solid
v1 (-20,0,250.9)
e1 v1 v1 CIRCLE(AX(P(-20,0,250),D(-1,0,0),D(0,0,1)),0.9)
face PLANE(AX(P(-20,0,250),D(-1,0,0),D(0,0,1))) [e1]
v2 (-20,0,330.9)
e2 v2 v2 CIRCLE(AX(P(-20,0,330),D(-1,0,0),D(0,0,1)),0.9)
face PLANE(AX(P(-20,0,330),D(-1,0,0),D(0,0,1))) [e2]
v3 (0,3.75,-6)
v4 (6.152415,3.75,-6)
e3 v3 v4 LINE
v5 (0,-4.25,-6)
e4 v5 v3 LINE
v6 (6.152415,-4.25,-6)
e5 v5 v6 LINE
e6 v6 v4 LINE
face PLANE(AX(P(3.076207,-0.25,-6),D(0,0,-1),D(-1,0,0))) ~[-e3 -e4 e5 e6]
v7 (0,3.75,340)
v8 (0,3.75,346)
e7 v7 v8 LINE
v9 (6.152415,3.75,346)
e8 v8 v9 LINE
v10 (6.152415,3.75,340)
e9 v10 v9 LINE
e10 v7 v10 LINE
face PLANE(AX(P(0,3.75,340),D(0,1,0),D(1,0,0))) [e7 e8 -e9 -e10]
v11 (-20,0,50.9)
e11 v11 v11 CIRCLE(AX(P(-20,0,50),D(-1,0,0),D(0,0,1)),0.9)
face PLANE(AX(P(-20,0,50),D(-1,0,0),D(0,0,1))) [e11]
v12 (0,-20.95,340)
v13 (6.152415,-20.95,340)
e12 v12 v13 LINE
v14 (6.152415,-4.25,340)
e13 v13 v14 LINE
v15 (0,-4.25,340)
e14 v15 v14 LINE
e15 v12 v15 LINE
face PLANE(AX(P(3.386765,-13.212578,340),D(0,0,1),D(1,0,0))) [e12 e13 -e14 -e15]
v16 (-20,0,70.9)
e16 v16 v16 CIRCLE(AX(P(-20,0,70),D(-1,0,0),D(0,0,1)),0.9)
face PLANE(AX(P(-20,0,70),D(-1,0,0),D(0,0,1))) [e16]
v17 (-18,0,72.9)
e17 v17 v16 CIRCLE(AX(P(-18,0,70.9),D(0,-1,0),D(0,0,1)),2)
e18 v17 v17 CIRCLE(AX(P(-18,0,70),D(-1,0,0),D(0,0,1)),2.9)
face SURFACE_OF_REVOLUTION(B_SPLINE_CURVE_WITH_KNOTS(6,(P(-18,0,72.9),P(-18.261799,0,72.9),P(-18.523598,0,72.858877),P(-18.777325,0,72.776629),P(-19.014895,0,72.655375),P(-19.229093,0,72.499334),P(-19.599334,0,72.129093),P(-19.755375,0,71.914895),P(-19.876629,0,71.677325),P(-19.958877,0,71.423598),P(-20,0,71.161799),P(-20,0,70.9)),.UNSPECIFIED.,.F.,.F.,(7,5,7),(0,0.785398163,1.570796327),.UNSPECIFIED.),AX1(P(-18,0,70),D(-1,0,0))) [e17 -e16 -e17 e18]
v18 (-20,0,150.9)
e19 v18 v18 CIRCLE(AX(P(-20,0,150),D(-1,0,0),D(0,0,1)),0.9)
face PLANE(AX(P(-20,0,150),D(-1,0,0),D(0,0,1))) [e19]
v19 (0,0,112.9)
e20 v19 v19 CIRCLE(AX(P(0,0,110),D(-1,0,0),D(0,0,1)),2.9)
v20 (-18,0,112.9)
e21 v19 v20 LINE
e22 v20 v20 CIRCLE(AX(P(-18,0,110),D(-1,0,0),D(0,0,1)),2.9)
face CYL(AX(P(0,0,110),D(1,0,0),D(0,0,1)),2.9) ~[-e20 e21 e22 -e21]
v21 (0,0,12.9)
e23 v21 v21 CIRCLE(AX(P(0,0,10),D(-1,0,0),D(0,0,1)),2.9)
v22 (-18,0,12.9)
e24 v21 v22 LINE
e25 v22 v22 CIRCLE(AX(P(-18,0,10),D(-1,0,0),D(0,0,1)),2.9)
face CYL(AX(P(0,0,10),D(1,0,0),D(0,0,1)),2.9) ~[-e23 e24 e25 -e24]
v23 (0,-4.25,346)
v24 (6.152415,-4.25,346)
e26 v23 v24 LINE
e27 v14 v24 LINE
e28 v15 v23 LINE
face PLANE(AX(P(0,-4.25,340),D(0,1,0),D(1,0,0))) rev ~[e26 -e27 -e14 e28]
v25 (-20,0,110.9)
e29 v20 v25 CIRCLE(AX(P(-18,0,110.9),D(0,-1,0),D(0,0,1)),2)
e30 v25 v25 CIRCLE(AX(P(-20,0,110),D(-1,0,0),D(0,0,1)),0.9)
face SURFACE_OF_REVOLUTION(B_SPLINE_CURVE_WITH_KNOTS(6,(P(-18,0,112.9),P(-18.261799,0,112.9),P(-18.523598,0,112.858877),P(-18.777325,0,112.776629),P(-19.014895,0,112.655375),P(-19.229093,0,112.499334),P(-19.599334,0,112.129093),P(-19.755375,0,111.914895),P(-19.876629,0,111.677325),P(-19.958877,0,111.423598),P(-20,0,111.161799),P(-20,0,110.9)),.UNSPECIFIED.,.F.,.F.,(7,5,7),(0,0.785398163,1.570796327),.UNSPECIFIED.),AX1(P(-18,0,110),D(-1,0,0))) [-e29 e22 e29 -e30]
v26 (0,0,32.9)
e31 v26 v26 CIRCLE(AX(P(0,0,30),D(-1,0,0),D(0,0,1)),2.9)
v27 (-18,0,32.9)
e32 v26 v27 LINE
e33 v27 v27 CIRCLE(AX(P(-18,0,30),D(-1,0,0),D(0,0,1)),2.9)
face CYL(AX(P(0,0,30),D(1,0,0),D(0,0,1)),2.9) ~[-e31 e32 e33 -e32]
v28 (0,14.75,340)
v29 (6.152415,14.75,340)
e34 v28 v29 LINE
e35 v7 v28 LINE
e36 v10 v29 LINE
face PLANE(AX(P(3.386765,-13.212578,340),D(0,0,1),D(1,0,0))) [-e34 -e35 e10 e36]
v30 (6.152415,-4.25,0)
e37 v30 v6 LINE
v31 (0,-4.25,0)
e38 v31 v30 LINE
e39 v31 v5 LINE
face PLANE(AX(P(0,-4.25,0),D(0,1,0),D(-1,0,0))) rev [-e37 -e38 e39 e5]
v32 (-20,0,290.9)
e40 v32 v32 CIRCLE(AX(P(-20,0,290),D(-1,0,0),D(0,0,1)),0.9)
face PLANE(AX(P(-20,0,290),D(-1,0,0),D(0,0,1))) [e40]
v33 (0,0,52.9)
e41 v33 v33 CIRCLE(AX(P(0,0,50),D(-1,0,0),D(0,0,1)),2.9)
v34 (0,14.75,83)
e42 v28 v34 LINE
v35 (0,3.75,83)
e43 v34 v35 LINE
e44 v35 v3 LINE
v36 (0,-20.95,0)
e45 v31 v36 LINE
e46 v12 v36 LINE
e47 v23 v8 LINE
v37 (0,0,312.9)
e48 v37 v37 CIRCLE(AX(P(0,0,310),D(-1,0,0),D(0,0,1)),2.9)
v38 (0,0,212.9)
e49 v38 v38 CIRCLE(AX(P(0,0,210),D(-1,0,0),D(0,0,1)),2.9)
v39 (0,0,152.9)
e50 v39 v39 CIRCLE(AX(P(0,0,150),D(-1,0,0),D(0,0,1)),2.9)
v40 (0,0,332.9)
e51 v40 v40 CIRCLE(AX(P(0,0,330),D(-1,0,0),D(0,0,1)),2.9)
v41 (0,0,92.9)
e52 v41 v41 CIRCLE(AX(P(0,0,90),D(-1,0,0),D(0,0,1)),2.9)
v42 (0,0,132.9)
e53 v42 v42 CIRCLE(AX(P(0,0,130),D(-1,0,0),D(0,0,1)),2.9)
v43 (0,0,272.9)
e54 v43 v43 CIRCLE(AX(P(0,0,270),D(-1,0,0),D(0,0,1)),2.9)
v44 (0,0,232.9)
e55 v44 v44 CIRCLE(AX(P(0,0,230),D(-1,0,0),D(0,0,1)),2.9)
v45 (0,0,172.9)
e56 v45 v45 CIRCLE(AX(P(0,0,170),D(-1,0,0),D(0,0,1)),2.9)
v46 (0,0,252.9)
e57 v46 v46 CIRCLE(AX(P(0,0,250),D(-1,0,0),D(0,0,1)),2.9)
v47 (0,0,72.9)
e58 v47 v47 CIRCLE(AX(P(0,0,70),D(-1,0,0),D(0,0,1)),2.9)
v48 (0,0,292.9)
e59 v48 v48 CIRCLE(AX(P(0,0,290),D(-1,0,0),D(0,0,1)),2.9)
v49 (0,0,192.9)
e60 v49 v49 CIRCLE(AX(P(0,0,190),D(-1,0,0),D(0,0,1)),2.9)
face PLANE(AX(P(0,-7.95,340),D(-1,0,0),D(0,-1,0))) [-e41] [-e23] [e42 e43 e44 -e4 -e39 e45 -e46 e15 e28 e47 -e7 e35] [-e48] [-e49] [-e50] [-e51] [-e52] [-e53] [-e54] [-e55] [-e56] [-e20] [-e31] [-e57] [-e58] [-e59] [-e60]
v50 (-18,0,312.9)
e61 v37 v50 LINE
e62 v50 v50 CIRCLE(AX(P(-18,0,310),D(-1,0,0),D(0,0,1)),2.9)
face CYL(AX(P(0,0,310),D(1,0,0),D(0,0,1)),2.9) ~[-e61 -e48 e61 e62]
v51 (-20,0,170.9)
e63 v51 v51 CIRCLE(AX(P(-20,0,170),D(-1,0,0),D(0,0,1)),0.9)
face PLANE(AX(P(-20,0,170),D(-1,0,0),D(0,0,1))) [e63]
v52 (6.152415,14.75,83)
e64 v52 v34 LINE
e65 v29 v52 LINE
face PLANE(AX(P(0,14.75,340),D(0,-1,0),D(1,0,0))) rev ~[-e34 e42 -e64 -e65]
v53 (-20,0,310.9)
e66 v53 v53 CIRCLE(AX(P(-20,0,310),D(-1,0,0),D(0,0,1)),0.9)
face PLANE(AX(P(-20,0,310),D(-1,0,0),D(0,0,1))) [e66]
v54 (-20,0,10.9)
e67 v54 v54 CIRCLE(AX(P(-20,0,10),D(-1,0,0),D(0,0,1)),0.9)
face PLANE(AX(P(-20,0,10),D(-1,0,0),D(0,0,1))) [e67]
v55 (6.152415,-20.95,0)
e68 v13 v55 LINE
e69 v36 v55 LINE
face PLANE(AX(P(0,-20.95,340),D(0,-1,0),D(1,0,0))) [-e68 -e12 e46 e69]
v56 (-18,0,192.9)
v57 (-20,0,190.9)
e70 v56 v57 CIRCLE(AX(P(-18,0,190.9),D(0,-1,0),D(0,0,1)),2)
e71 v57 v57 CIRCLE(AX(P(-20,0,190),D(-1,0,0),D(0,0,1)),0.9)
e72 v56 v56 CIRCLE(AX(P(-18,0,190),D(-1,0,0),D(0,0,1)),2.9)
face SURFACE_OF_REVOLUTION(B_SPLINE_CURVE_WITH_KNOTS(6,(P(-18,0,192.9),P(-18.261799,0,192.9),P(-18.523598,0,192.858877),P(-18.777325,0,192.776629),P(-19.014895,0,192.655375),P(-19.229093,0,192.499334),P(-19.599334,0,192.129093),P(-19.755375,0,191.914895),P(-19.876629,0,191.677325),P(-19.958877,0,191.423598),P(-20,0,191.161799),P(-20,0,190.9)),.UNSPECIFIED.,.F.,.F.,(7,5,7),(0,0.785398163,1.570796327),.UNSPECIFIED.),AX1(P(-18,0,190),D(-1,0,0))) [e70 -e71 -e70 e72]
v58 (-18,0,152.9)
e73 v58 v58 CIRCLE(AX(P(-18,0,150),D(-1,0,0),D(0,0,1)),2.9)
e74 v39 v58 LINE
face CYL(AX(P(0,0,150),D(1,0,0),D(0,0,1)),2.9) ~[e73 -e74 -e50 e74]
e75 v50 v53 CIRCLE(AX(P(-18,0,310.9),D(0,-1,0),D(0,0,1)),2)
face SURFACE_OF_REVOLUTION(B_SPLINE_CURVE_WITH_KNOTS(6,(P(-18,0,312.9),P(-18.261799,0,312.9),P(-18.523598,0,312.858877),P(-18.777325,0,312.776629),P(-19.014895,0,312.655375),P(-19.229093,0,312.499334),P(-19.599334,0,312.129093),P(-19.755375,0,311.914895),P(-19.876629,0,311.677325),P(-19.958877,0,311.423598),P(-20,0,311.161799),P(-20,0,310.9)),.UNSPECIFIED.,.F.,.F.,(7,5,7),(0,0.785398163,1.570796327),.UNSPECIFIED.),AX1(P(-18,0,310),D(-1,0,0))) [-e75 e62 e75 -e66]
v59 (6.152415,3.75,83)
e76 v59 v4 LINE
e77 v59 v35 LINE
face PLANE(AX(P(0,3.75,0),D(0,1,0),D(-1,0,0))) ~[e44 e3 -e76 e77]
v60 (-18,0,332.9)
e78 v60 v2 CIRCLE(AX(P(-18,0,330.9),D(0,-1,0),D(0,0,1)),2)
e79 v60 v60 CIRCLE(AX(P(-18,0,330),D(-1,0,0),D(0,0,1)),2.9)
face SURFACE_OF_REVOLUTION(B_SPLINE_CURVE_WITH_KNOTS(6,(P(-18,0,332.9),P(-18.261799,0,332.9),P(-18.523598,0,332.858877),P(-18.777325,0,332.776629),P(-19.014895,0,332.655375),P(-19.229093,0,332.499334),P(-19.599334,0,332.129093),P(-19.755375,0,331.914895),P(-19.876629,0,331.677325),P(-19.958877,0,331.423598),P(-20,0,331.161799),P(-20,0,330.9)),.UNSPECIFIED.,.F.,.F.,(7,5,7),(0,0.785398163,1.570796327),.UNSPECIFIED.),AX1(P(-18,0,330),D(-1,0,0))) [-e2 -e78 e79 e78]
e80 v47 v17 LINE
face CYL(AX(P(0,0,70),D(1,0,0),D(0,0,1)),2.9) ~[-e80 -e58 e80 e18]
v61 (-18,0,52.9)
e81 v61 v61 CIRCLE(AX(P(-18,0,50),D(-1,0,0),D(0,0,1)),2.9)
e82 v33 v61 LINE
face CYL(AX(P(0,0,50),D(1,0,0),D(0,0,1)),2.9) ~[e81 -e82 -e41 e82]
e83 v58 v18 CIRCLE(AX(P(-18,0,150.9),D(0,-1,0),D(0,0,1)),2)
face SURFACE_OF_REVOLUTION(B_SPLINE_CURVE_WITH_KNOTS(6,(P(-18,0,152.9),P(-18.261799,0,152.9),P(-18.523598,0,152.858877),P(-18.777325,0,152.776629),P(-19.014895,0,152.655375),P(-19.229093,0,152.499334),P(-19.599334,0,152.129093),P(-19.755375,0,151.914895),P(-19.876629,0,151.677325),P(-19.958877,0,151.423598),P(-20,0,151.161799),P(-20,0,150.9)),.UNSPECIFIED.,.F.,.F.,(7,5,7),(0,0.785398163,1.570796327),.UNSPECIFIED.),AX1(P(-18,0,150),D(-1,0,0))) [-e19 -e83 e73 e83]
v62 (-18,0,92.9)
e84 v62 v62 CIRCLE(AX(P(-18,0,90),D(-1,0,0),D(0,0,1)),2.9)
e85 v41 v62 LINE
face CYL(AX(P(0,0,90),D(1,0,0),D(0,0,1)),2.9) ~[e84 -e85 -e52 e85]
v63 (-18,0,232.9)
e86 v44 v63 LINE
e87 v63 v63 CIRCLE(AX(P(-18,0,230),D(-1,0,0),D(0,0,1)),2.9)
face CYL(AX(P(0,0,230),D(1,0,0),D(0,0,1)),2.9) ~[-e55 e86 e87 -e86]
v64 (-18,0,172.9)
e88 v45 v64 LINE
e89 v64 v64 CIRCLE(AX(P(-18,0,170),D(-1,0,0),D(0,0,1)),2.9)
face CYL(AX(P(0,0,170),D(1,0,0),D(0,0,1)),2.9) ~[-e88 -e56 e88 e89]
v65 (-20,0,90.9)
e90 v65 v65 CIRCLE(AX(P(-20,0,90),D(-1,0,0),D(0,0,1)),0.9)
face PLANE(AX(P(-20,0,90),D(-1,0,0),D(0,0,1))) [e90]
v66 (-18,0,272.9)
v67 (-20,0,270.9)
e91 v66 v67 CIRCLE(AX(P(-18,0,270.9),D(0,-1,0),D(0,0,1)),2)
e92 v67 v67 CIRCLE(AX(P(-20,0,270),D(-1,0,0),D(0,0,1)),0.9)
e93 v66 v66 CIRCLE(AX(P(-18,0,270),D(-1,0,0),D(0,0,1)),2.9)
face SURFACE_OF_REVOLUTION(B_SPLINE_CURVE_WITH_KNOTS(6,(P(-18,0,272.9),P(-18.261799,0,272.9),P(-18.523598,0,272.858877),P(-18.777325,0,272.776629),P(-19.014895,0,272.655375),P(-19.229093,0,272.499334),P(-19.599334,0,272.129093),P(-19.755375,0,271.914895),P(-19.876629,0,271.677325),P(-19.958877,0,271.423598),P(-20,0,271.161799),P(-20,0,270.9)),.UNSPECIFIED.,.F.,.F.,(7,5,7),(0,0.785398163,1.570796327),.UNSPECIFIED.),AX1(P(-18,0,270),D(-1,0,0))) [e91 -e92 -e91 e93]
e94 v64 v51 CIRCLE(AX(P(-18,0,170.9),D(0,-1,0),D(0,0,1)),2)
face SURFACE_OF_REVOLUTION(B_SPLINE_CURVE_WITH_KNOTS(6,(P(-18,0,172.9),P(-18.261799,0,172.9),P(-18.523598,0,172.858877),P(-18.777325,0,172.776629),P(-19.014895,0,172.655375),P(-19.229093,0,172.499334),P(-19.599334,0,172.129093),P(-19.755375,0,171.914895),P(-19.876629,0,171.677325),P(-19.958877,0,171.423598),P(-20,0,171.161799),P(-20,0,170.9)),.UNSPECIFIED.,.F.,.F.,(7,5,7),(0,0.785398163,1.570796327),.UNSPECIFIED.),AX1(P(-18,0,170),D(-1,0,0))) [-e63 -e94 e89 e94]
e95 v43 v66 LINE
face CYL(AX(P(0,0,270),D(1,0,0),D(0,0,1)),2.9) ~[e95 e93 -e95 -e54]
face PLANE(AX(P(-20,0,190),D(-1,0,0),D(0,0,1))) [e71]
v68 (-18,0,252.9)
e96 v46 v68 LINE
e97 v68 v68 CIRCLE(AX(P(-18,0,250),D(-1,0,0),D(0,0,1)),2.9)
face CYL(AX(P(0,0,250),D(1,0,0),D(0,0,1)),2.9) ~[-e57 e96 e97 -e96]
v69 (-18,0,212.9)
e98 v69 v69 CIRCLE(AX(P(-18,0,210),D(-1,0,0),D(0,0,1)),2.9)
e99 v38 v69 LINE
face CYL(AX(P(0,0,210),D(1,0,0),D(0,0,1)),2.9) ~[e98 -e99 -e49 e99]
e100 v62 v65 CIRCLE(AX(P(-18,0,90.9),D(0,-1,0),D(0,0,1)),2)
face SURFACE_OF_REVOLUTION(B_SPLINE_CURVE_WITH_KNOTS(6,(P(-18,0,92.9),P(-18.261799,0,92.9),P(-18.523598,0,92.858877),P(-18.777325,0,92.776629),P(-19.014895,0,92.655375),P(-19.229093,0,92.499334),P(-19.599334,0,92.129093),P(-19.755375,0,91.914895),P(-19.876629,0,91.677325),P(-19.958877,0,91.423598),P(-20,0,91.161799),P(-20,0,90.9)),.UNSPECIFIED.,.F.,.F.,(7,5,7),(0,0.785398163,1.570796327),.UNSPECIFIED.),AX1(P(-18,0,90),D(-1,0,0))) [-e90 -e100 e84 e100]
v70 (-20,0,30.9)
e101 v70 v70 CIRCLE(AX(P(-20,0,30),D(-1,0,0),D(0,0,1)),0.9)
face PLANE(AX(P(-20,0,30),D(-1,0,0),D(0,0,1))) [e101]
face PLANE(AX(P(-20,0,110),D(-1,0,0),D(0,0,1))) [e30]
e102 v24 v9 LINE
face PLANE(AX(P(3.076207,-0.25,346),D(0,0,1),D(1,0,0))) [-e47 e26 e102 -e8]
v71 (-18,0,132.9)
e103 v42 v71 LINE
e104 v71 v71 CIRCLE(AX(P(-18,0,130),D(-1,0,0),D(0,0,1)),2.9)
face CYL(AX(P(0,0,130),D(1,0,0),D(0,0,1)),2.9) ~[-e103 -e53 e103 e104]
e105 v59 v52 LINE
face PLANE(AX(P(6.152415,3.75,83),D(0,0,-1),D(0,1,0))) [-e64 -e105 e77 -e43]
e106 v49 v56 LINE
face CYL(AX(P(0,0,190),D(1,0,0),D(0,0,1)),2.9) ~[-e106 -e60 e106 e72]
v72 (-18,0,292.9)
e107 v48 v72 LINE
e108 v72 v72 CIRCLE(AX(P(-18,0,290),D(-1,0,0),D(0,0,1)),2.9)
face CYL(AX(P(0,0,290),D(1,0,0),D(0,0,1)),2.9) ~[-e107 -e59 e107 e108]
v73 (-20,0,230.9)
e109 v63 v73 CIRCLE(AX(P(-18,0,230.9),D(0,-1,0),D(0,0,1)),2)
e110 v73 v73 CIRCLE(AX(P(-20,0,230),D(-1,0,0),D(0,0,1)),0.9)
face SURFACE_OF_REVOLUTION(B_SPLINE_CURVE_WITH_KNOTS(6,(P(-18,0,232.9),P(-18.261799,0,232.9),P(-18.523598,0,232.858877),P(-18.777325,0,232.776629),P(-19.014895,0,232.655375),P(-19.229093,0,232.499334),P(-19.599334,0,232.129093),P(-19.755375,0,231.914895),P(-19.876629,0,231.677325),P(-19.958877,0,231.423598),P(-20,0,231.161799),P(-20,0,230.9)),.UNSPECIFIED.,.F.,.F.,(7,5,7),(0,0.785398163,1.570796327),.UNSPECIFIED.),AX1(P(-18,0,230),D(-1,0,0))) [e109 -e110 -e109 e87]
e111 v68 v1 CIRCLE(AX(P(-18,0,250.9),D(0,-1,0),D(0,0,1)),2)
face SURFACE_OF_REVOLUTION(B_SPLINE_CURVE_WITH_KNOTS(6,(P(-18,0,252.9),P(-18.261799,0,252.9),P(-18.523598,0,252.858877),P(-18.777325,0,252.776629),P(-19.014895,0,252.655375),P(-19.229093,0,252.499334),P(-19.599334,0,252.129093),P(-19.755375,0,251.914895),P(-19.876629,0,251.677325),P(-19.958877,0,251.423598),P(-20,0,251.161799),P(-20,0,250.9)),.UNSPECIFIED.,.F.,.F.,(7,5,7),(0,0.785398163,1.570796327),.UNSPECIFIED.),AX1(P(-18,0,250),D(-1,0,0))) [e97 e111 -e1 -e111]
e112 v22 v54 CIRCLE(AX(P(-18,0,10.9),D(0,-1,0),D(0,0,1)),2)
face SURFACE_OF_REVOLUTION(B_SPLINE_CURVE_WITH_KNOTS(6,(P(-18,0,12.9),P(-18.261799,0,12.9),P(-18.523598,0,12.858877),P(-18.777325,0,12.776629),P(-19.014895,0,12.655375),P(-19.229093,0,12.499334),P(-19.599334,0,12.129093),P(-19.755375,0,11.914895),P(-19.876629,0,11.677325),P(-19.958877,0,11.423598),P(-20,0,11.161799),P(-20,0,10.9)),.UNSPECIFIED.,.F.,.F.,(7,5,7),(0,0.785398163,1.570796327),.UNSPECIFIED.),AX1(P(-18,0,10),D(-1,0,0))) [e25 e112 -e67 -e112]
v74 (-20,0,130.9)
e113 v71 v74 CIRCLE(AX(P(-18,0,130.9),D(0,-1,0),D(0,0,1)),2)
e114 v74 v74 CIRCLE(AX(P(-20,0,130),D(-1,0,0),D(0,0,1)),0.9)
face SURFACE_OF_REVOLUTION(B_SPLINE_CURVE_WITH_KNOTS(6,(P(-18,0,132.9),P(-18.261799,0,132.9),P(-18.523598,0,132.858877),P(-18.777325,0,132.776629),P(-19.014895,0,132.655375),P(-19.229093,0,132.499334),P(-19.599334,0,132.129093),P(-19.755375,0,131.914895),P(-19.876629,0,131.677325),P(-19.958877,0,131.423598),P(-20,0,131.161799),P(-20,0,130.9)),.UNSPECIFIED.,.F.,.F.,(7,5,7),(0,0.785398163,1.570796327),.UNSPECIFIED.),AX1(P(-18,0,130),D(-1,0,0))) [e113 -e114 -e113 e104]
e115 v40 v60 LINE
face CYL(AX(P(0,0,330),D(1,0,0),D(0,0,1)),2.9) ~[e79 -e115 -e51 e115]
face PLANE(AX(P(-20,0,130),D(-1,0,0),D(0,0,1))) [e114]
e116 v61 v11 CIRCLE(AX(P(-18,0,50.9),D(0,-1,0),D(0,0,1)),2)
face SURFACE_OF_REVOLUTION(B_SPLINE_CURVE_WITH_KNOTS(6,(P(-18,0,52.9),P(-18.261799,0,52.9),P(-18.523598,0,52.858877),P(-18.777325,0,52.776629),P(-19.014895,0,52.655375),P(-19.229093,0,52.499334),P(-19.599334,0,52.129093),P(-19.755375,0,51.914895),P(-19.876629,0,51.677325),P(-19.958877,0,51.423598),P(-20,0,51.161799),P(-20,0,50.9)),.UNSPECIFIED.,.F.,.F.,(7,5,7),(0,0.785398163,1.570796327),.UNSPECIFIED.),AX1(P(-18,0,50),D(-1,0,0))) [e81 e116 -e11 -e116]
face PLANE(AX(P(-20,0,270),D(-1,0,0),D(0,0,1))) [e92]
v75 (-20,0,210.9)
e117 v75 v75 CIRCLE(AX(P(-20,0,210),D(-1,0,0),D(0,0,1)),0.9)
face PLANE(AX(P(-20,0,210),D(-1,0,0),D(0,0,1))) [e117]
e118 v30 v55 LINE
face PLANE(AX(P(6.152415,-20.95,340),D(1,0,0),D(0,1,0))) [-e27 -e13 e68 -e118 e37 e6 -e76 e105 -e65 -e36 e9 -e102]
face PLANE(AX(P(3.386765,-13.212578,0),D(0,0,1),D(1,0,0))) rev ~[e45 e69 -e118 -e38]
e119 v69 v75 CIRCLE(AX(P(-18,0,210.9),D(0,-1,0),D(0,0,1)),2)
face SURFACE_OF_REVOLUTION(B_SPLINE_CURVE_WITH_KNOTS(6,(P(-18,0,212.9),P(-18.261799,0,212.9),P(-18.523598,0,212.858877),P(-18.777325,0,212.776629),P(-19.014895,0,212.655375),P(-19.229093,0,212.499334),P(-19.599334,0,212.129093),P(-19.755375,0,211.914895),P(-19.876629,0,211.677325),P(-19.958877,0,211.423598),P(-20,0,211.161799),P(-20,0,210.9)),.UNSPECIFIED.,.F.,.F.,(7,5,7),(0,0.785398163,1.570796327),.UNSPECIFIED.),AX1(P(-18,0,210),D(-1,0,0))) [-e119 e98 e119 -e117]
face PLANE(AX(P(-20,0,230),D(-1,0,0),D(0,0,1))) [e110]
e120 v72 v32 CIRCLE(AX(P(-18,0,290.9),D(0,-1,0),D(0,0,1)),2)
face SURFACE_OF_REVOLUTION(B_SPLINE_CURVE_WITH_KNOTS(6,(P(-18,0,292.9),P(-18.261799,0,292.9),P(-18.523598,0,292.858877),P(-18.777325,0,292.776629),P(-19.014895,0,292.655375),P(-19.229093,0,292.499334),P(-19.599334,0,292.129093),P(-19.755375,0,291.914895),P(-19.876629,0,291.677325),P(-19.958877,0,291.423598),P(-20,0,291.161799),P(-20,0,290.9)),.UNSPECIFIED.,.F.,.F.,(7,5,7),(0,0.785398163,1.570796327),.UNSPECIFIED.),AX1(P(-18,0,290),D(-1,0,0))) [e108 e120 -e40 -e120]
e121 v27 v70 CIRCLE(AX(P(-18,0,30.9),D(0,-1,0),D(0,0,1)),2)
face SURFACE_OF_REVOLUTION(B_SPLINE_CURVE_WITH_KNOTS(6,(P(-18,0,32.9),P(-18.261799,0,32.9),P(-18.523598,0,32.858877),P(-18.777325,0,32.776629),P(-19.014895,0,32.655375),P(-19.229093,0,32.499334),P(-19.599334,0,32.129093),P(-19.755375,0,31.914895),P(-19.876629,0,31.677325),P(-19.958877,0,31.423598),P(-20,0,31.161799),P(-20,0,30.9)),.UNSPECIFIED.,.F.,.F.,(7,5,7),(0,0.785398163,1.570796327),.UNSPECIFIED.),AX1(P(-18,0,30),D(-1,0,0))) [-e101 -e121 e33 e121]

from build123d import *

# Parameters (mm, degrees)
BOSS_EXTRUDE1_DEPTH = 340
SKETCH2_R           = 2.9
BOSS_EXTRUDE2_DEPTH = 20
SKETCH4_R           = 2.9
BOSS_EXTRUDE3_DEPTH = 20
BOSS_EXTRUDE4_DEPTH = 340
SKETCH7_W           = 6.152414984
SKETCH7_H           = 8
BOSS_EXTRUDE5_DEPTH = 6
FILLET2_R           = 2
FILLET3_R           = 2
SKETCH9_W           = 83
SKETCH9_H           = 11
CUT_EXTRUDE3_DEPTH  = 27.152414984


with BuildPart() as part:
    # Sketch1 → Boss-Extrude1 (new body)
    with BuildSketch(Plane.XY):
        Polygon((0, 7.95), (2.04, 7.95), (6.152414984, 4.048), (6.152414984, -4.048), (2.04, -7.95), (0, -7.95), align=None)
    extrude(amount=BOSS_EXTRUDE1_DEPTH)

    # Sketch2 → Boss-Extrude2 (add)
    with BuildSketch(Plane.ZY):
        with Locations((10, 0)):
            Circle(SKETCH2_R)
        with Locations((30, 0)):
            Circle(SKETCH2_R)
        with Locations((50, 0)):
            Circle(SKETCH2_R)
        with Locations((70, 0)):
            Circle(SKETCH2_R)
        with Locations((90, 0)):
            Circle(SKETCH2_R)
        with Locations((110, 0)):
            Circle(SKETCH2_R)
        with Locations((130, 0)):
            Circle(SKETCH2_R)
        with Locations((150, 0)):
            Circle(SKETCH2_R)
        with Locations((170, 0)):
            Circle(SKETCH2_R)
        with Locations((190, 0)):
            Circle(SKETCH2_R)
        with Locations((210, 0)):
            Circle(SKETCH2_R)
        with Locations((230, 0)):
            Circle(SKETCH2_R)
        with Locations((250, 0)):
            Circle(SKETCH2_R)
    extrude(amount=BOSS_EXTRUDE2_DEPTH)

    # Sketch4 → Boss-Extrude3 (add)
    with BuildSketch(Plane.ZY):
        with Locations((270, 0)):
            Circle(SKETCH4_R)
        with Locations((290, 0)):
            Circle(SKETCH4_R)
        with Locations((310, 0)):
            Circle(SKETCH4_R)
        with Locations((330, 0)):
            Circle(SKETCH4_R)
    extrude(amount=BOSS_EXTRUDE3_DEPTH)

    # Sketch5 → Boss-Extrude4 (add)
    with BuildSketch(Plane.XY.offset(340)):
        Polygon((0, -7.95), (0, -20.95), (6.152414984, -20.95), (6.152414984, -4.048), (2.04, -7.95), align=None)
        Polygon((0, 7.95), (0, 14.75), (6.152414984, 14.75), (6.152414984, 4.048), (2.04, 7.95), align=None)
    extrude(amount=-BOSS_EXTRUDE4_DEPTH)

    # Sketch7 → Boss-Extrude5 (add)
    with BuildSketch(Plane.XY.offset(340)):
        with Locations((3.076207492, -0.25)):
            Rectangle(SKETCH7_W, SKETCH7_H)
    boss_extrude5 = extrude(amount=BOSS_EXTRUDE5_DEPTH)

    # Mirror1: Boss-Extrude5 across plane
    add(boss_extrude5.mirror(Plane.XY.offset(170)))

    # Fillet2
    fillet2_edges = [part.edges().sort_by_distance(p)[0] for p in [
        (-20, 0, 27.1),
        (-20, 0, 7.1),
        (-20, 0, 47.1),
        (-20, 0, 67.1),
        (-20, 0, 87.1),
        (-20, 0, 107.1),
        (-20, 0, 127.1),
        (-20, 0, 147.1),
        (-20, 0, 167.1),
        (-20, 0, 187.1),
        (-20, 0, 207.1),
        (-20, 0, 227.1),
        (-20, 0, 247.1),
    ]]
    fillet(fillet2_edges, radius=FILLET2_R)

    # Fillet3
    fillet3_edges = [part.edges().sort_by_distance(p)[0] for p in [
        (-20, 0, 267.1),
        (-20, 0, 287.1),
        (-20, 0, 307.1),
        (-20, 0, 327.1),
    ]]
    fillet(fillet3_edges, radius=FILLET3_R)

    # Sketch9 → Cut-Extrude3 (cut, through all)
    with BuildSketch(Plane(origin=(6.152414984, 0, 0), x_dir=(0, 0, -1), z_dir=(1, 0, 0))):
        with Locations((-41.5, 9.25)):
            Rectangle(SKETCH9_W, SKETCH9_H)
    extrude(amount=-CUT_EXTRUDE3_DEPTH, mode=Mode.SUBTRACT)


solid = part.part
